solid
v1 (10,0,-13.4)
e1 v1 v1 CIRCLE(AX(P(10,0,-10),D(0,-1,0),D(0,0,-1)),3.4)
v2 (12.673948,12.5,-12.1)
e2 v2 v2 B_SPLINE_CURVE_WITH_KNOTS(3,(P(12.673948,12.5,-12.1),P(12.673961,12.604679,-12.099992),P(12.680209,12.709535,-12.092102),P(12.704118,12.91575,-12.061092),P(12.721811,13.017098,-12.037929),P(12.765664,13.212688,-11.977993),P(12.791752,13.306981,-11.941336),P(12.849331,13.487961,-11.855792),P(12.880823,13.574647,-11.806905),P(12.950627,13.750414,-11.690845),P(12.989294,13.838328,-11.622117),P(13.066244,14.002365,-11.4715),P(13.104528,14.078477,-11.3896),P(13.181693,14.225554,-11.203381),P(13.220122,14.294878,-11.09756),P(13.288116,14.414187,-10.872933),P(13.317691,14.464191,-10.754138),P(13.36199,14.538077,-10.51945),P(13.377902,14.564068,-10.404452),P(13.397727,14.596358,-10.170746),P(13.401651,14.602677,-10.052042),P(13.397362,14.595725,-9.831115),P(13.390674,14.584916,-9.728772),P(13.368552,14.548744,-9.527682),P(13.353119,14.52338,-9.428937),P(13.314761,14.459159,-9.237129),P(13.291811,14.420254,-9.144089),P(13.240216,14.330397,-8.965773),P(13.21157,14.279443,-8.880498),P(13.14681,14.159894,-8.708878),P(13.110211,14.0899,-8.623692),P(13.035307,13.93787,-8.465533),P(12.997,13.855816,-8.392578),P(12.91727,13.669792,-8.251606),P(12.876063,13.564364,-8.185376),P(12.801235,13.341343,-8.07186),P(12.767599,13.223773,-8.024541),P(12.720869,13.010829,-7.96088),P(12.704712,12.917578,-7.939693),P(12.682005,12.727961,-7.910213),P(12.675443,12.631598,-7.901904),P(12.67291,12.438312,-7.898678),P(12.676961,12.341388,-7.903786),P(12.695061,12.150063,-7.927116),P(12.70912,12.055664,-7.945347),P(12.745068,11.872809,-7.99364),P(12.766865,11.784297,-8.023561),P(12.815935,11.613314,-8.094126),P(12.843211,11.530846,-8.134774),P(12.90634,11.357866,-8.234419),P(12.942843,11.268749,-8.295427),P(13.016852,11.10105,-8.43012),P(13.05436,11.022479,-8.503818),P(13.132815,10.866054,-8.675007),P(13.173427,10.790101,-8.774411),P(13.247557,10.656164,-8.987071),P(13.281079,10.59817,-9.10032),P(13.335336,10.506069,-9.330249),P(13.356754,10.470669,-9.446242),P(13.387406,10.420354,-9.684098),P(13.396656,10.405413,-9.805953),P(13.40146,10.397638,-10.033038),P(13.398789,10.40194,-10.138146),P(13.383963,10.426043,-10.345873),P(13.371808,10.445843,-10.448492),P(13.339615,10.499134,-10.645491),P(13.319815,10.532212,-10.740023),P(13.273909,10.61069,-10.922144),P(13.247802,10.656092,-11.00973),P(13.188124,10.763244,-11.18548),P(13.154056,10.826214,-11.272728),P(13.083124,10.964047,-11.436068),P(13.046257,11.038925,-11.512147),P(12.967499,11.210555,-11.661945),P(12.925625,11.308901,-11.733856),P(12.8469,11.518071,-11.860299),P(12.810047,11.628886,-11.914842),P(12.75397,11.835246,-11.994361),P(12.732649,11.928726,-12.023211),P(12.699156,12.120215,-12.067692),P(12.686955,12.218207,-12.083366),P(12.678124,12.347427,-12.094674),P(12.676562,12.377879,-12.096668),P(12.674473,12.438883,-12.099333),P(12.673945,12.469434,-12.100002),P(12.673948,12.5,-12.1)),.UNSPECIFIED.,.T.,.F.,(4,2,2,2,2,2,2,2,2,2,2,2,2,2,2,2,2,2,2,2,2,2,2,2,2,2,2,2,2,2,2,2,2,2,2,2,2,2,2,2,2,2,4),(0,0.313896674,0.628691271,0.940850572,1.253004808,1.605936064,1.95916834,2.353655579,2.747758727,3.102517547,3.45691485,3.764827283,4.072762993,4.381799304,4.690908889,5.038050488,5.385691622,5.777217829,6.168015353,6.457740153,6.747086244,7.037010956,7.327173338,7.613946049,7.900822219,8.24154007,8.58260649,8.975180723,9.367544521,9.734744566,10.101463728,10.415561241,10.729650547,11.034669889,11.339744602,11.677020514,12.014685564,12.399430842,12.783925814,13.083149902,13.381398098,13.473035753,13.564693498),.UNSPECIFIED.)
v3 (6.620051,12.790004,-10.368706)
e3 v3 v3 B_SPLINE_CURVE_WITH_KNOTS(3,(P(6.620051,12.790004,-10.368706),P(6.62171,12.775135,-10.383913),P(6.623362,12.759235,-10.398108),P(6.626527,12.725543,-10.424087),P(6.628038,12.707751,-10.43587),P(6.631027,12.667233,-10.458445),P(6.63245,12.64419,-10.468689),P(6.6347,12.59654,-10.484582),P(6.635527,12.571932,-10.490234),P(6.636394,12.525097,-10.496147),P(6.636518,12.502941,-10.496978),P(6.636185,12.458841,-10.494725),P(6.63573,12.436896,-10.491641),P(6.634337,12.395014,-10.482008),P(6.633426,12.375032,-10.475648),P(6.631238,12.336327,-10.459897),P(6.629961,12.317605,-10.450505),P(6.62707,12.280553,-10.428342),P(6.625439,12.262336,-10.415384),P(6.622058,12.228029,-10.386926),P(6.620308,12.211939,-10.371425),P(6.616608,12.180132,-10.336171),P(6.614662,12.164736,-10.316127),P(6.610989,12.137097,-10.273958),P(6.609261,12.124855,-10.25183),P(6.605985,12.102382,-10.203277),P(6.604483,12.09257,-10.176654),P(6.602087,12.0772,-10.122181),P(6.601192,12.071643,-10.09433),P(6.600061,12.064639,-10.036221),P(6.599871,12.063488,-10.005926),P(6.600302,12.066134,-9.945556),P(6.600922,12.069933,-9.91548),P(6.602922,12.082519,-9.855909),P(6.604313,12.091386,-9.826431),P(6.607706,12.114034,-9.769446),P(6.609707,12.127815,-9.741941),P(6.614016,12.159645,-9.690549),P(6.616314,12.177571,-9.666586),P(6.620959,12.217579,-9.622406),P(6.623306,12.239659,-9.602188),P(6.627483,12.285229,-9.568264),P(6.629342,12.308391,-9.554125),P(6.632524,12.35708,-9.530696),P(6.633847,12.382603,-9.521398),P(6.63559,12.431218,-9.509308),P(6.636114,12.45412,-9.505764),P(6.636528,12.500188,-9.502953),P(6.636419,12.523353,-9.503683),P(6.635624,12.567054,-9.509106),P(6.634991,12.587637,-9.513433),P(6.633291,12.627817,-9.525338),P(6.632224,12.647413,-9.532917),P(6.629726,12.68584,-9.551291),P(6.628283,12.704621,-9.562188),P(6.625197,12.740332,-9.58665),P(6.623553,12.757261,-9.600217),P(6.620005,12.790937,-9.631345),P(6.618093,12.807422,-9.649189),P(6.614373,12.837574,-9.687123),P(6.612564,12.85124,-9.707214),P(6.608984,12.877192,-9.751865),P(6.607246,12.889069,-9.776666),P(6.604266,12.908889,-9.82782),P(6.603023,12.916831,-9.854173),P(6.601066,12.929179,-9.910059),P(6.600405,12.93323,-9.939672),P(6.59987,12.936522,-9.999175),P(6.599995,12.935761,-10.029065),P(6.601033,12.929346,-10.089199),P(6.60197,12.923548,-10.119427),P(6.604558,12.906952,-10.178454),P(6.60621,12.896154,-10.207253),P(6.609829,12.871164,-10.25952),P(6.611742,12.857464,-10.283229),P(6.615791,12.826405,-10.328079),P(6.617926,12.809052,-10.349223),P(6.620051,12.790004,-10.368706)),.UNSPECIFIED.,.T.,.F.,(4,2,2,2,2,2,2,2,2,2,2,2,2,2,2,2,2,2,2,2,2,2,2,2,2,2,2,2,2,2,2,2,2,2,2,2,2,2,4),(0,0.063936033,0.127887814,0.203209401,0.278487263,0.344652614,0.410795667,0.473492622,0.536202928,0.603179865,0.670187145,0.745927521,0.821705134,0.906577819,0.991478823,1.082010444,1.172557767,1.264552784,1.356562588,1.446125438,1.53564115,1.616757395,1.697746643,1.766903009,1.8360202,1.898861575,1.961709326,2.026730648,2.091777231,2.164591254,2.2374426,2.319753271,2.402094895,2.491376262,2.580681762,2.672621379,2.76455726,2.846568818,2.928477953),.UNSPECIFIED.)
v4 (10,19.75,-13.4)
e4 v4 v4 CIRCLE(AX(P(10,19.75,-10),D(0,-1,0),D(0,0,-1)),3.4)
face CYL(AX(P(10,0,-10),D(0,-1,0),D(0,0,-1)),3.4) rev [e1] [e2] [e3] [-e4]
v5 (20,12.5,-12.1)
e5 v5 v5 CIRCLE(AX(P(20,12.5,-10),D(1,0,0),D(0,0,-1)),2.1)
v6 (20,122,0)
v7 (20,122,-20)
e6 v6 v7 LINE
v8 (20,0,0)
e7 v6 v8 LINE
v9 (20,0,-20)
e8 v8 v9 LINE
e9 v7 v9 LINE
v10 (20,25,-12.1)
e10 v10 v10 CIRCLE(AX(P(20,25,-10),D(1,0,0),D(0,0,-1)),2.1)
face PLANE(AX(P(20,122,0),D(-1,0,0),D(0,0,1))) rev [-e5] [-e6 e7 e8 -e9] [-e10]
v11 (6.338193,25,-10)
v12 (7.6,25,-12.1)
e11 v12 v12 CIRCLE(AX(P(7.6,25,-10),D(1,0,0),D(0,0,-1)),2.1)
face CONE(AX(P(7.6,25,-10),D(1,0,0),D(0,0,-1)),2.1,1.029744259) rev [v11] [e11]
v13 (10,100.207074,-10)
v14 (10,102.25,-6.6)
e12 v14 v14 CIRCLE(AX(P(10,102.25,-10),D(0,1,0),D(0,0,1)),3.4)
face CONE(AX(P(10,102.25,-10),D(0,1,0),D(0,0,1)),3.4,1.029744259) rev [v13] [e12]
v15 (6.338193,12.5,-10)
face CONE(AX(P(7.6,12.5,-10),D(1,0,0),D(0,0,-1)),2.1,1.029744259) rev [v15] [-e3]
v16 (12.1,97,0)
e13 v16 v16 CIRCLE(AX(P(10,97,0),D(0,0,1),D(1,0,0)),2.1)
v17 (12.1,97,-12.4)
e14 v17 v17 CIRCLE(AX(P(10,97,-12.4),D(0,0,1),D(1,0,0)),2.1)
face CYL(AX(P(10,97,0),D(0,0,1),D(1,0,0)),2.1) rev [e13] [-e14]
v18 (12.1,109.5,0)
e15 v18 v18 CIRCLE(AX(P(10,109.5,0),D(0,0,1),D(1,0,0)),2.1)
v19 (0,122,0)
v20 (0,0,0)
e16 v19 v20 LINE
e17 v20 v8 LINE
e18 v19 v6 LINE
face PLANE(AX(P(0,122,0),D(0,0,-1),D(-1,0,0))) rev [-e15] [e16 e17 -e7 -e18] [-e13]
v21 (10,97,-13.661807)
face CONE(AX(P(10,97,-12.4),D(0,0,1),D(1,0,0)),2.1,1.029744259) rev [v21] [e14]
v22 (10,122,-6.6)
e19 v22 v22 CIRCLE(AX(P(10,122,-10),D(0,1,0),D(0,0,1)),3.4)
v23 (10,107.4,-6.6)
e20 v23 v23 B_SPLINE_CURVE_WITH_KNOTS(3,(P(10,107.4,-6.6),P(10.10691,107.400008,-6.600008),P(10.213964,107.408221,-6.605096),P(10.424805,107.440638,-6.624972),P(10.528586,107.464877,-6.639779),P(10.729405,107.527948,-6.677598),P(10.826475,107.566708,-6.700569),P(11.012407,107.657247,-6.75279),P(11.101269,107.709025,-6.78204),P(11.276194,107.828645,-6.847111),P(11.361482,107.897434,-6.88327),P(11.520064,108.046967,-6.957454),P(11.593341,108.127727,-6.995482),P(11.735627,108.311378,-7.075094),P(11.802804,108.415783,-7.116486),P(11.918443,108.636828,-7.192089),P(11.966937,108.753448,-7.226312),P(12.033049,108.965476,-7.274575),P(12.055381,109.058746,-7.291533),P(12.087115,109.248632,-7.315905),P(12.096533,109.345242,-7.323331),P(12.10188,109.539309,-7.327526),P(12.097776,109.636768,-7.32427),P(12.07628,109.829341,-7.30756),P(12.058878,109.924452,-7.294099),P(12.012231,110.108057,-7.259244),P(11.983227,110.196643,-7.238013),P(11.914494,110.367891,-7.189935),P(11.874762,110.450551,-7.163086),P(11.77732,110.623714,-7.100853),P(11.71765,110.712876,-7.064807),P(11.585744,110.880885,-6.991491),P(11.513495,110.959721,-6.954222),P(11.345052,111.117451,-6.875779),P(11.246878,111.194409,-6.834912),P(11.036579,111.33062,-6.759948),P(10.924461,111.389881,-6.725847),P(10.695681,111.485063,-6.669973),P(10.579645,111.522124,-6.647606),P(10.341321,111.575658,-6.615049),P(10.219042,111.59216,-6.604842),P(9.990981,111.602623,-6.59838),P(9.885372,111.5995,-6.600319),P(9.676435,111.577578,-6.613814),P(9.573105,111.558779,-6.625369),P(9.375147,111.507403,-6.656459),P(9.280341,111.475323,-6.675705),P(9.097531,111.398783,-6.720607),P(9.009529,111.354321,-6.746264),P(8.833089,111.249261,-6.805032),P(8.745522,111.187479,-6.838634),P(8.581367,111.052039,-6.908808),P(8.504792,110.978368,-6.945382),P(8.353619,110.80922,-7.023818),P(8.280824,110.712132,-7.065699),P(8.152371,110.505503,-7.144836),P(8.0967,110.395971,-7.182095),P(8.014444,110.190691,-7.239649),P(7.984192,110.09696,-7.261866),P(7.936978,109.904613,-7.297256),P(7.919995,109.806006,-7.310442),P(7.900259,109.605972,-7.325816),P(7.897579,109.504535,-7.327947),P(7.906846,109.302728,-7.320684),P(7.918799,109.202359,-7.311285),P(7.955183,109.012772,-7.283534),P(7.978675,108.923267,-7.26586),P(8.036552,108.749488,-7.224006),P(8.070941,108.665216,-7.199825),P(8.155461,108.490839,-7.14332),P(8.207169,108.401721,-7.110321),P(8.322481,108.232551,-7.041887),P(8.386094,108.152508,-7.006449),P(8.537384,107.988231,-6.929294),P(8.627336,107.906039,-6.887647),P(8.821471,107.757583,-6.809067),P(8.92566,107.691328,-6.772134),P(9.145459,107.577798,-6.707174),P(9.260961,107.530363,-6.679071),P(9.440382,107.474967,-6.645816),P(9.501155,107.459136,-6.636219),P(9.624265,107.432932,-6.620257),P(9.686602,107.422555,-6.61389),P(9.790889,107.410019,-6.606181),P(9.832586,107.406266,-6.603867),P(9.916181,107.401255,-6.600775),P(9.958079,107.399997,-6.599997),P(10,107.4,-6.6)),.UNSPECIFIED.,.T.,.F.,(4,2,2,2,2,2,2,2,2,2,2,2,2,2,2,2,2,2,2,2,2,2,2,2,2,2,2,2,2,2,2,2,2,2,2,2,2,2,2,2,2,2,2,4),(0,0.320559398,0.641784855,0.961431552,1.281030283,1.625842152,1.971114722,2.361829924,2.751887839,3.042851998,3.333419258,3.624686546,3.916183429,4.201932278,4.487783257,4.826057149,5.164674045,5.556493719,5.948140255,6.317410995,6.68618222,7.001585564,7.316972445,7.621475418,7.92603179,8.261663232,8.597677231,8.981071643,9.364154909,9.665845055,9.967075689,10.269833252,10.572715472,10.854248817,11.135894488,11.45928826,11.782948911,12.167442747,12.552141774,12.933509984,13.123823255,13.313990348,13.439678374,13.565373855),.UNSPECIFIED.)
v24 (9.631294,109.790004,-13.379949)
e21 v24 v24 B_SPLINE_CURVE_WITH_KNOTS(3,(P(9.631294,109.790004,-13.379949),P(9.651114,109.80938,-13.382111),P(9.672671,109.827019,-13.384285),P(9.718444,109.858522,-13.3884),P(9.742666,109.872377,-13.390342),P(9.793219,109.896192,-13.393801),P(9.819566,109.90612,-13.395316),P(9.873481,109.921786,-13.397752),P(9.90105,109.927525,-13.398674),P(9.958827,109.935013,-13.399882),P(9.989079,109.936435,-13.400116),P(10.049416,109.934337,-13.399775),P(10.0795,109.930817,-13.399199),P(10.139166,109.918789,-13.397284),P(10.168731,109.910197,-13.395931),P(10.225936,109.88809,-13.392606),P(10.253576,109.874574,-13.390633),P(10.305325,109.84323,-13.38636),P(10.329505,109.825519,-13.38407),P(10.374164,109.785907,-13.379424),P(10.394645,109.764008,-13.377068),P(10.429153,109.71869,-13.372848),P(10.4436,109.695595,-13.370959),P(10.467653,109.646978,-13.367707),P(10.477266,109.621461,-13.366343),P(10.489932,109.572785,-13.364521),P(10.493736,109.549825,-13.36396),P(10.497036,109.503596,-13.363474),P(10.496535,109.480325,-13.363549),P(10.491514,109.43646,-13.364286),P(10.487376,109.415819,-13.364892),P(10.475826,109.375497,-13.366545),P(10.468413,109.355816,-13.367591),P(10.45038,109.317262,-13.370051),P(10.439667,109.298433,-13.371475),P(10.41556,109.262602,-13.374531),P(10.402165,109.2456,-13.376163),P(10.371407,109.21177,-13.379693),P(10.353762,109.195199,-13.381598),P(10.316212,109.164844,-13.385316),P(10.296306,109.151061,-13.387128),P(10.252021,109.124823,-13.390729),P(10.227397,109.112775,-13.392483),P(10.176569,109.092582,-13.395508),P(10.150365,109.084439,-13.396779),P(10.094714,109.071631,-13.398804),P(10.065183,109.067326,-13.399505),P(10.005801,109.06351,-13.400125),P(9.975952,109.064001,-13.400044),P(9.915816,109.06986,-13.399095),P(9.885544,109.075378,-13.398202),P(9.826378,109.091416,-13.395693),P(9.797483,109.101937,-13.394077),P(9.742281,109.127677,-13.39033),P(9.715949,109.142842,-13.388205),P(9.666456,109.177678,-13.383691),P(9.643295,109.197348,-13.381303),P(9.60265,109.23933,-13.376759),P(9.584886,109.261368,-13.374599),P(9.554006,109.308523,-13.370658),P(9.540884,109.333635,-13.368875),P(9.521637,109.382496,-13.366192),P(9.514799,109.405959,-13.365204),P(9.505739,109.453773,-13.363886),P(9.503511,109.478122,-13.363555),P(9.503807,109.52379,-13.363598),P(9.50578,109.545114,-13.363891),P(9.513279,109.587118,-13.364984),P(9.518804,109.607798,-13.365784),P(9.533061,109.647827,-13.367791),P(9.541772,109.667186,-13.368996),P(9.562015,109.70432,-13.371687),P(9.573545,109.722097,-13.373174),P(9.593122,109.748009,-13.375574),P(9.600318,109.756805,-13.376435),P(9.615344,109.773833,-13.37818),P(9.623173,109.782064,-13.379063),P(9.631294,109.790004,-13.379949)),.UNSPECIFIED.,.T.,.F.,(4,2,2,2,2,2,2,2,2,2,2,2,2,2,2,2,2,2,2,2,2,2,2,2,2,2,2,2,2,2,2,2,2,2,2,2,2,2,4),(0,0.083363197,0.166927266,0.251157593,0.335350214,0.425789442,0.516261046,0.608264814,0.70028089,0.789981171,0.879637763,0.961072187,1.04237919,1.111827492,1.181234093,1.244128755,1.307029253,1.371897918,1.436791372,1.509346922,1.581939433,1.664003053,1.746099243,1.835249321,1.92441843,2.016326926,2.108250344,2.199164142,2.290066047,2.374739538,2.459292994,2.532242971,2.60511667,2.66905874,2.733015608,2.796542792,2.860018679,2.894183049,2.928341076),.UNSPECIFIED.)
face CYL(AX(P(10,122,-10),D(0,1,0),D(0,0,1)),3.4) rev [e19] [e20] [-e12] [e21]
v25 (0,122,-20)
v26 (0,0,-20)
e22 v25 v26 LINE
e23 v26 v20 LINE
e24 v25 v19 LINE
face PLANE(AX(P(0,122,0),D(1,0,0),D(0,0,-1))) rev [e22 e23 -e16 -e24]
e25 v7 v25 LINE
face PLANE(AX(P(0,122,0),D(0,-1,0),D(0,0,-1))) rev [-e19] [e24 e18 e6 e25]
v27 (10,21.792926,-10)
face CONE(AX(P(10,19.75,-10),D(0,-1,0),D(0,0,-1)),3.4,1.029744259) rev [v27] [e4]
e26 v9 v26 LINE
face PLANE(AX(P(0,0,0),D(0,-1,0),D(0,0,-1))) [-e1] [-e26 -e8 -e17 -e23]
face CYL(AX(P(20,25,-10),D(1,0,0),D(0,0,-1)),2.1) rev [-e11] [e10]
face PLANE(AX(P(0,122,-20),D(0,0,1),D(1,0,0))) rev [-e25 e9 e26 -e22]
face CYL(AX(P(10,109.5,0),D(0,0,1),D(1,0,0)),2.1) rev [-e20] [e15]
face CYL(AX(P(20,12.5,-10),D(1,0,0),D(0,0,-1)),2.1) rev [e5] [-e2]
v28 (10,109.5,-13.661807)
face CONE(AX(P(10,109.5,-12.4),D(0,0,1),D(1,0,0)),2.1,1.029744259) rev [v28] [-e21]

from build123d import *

# Parameters (mm, degrees)
SKETCH1_W             = 20
SKETCH1_H             = 20
BOSS_EXTRUDE1_DEPTH   = 122
M5_TAPPED_HOLE1_D     = 4.2
M5_TAPPED_HOLE1_DEPTH = 12.4
M5_TAPPED_HOLE1_TIP   = 1.2618073
M5_TAPPED_HOLE2_D     = 4.2
M5_TAPPED_HOLE2_DEPTH = 12.4
M5_TAPPED_HOLE2_TIP   = 1.2618073


with BuildPart() as part:
    # Sketch1 → Boss-Extrude1 (new body)
    with BuildSketch(Plane(origin=(0, 0, 0), x_dir=(1, 0, 0), z_dir=(0, 1, 0))):
        with Locations((10, 10)):
            Rectangle(SKETCH1_W, SKETCH1_H)
    extrude(amount=BOSS_EXTRUDE1_DEPTH)

    # Sketch5 → M8 Tapped Hole1 (revolve, cut)
    with BuildSketch(Plane(origin=(10, 122, -10), x_dir=(0, 0, 1), z_dir=(1, 0, 0))):
        Polygon((0, 0), (0, 21.792926105), (3.4, 19.75), (3.4, 0), align=None)
    m8_tapped_hole1 = revolve(axis=Axis((10, 128.35, -10), (0, -1, 0)), mode=Mode.SUBTRACT)

    # Mirror1: M8 Tapped Hole1 across plane
    add(m8_tapped_hole1.mirror(Plane.ZX.offset(61)), mode=Mode.SUBTRACT)

    # M5 Tapped Hole1
    with Locations(Plane.XY):
        with Locations((10, 97), (10, 109.5)):
            Hole(M5_TAPPED_HOLE1_D / 2, depth=M5_TAPPED_HOLE1_DEPTH)
            with Locations((0, 0, -(M5_TAPPED_HOLE1_DEPTH + M5_TAPPED_HOLE1_TIP / 2))):  # 118° drill point
                Cone(0, M5_TAPPED_HOLE1_D / 2, M5_TAPPED_HOLE1_TIP, mode=Mode.SUBTRACT)

    # M5 Tapped Hole2
    with Locations(Plane(origin=(20, 0, 0), x_dir=(0, 0, -1), z_dir=(1, 0, 0))):
        with Locations((10, 12.5), (10, 25)):
            Hole(M5_TAPPED_HOLE2_D / 2, depth=M5_TAPPED_HOLE2_DEPTH)
            with Locations((0, 0, -(M5_TAPPED_HOLE2_DEPTH + M5_TAPPED_HOLE2_TIP / 2))):  # 118° drill point
                Cone(0, M5_TAPPED_HOLE2_D / 2, M5_TAPPED_HOLE2_TIP, mode=Mode.SUBTRACT)


solid = part.part
